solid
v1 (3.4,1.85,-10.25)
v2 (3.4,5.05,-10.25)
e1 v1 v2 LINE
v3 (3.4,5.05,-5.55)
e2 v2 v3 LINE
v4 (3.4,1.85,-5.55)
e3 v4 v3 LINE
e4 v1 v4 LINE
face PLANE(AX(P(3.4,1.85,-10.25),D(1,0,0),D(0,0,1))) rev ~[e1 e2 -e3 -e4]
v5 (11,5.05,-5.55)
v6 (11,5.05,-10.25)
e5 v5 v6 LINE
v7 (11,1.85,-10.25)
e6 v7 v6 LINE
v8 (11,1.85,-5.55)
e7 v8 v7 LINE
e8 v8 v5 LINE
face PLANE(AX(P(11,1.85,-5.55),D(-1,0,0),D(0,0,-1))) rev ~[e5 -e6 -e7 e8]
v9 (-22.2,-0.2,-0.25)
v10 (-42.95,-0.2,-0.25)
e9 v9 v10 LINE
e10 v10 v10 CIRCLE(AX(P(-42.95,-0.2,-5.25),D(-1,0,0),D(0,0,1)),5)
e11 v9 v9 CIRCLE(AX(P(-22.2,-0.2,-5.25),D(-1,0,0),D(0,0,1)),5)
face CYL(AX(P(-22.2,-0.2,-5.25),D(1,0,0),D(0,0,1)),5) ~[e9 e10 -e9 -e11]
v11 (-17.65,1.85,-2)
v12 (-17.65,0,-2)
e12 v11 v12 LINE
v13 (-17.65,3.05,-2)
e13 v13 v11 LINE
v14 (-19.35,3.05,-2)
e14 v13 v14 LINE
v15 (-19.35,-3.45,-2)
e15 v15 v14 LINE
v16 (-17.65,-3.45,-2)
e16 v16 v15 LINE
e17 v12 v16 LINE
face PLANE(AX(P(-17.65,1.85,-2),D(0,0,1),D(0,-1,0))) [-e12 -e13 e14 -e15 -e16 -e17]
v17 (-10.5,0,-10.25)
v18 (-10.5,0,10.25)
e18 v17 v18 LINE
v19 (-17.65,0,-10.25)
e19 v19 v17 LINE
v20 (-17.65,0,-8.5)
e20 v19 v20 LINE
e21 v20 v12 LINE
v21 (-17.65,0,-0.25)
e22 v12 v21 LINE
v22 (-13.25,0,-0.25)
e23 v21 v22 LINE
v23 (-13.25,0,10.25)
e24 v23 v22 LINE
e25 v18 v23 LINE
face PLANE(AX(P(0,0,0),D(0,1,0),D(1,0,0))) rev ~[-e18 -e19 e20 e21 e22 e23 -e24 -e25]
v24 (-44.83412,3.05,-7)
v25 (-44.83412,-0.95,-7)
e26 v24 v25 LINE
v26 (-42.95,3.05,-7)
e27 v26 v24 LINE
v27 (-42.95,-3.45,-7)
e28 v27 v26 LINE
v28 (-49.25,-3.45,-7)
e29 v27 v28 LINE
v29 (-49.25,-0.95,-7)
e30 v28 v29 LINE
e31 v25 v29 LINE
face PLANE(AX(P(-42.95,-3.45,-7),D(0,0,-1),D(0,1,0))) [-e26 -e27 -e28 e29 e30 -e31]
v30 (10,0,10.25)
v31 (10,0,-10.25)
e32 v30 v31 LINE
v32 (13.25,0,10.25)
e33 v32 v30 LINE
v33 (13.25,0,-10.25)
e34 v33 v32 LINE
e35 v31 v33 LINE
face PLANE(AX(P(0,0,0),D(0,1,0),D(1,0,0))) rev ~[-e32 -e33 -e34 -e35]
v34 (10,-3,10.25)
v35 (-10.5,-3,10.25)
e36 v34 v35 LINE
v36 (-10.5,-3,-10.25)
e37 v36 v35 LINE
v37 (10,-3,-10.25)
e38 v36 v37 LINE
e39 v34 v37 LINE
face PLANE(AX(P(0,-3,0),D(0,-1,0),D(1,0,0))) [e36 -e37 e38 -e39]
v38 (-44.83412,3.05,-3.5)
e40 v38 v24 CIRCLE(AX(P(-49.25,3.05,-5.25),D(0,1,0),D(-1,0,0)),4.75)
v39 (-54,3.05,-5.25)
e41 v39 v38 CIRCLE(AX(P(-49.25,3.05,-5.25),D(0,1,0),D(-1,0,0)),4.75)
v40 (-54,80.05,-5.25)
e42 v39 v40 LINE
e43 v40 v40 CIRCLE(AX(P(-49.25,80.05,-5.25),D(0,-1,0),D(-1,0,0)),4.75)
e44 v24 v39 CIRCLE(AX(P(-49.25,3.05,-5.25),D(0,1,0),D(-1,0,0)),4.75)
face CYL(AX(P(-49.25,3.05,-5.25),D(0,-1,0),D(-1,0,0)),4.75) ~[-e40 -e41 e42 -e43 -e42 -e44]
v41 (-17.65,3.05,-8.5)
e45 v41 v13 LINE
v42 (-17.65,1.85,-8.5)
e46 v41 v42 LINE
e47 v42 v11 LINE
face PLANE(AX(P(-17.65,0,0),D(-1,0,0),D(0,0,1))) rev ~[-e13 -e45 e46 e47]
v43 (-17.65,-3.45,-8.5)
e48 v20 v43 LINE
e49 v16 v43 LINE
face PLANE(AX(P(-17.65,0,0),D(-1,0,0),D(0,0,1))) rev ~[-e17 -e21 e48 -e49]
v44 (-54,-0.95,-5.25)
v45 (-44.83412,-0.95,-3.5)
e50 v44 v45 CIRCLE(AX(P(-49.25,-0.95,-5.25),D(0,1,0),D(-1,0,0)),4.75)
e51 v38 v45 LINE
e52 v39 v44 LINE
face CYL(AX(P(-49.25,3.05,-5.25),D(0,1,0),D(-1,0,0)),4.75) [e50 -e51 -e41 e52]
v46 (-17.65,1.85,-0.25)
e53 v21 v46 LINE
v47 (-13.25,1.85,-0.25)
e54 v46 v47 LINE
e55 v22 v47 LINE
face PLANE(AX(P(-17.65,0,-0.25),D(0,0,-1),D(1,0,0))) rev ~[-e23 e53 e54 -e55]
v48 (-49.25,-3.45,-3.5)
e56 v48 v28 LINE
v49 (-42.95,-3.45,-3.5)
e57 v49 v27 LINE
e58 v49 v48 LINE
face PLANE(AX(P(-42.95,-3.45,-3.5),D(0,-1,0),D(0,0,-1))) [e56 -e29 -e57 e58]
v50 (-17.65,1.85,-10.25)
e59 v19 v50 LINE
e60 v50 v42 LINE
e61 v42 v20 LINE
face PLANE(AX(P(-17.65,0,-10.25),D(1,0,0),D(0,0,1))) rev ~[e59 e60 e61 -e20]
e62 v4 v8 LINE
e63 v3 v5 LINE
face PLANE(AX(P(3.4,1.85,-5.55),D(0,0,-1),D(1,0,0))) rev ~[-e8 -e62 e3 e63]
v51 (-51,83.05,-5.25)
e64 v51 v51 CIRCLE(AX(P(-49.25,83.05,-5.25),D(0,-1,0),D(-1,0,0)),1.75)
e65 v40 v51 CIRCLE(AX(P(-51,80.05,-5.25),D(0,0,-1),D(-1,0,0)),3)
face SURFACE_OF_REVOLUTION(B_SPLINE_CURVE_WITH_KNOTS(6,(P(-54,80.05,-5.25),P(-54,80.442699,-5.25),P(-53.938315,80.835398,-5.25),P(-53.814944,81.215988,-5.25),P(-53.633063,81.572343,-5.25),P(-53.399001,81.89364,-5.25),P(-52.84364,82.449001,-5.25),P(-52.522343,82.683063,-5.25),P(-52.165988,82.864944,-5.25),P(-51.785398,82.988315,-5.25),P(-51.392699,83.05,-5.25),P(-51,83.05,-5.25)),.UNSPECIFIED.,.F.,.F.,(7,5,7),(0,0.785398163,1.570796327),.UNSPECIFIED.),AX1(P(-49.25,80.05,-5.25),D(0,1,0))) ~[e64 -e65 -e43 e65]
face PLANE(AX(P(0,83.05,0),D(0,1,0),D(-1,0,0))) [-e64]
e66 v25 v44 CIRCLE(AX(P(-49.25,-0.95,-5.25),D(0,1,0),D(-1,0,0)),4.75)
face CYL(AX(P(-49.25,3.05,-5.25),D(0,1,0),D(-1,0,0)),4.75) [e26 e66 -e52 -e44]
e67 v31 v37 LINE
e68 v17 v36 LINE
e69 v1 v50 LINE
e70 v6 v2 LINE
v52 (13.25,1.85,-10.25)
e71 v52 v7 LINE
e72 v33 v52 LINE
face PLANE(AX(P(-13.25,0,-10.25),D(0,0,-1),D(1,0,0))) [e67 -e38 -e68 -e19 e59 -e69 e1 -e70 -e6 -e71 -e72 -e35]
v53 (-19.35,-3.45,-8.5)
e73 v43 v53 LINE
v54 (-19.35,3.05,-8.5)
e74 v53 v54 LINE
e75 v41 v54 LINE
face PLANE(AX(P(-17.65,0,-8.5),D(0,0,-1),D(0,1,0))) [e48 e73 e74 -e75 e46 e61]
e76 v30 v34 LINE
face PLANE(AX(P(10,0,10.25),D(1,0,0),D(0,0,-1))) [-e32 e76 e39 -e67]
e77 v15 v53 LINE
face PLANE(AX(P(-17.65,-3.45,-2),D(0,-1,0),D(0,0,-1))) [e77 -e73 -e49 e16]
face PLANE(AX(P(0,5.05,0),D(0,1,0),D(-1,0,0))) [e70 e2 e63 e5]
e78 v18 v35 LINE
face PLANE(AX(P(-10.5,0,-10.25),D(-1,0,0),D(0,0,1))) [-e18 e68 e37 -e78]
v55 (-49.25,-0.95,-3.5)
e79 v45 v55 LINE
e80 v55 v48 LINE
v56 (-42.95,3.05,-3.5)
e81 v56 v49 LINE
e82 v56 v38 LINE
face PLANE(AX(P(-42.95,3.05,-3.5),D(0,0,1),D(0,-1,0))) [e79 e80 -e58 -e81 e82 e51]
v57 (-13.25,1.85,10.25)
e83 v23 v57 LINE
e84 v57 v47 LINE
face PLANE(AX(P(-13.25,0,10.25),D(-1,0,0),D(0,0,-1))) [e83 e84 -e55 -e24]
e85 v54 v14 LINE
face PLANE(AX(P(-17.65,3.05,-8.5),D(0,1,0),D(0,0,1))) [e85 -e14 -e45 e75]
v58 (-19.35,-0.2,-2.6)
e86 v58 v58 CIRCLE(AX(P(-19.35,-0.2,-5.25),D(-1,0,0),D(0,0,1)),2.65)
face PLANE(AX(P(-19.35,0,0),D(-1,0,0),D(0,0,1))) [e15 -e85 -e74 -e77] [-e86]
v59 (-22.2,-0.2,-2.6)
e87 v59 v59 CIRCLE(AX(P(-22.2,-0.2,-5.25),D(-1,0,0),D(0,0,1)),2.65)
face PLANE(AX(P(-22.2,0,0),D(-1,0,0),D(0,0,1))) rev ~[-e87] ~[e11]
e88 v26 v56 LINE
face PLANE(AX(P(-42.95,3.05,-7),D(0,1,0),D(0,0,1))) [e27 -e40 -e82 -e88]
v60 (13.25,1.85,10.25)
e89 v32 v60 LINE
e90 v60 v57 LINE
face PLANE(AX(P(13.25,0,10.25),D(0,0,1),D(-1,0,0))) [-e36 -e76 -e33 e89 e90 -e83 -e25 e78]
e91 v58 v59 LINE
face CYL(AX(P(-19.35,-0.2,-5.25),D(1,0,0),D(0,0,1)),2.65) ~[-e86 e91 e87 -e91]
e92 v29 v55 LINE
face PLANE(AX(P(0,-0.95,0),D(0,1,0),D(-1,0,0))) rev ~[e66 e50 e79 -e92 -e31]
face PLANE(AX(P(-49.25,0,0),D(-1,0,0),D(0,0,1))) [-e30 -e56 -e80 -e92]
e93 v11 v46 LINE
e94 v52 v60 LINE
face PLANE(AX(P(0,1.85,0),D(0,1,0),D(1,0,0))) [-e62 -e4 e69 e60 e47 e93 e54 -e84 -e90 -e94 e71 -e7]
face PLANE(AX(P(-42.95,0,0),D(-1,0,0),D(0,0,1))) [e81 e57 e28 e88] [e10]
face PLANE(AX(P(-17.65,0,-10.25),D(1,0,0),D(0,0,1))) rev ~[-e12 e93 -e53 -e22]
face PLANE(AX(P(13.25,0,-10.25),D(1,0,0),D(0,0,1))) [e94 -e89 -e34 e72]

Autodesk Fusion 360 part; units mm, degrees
sketch "Sketch1" plane through (0, 0, 0) normal (0, 1, 0) x (1, 0, 0)
  line L0 (13.25, -10.25) -> (-13.25, -10.25)
  line L1 (-13.25, -10.25) -> (-13.25, 10.25)
  line L2 (-13.25, 10.25) -> (13.25, 10.25)
  line L3 (13.25, 10.25) -> (13.25, -10.25)
  line L4 (13.25, -10.25) -> (-13.25, 10.25) construction
  line L5 (-13.25, -10.25) -> (13.25, 10.25) construction
  line L6 (-13.25, 10.25) -> (-17.65, 10.25)
  line L7 (-17.65, 10.25) -> (-17.65, 0.25)
  line L8 (-17.65, 0.25) -> (-13.25, 0.25)
  dimension "d1" = 26.5
  dimension "d2" = 20.5
  dimension "d3" = 10
  dimension "d4" = 4.4
extrude "Extrude1" add sketch "Sketch1" along normal blind 1.85
sketch "Sketch2" plane through (0, 1.85, 0) normal (0, 1, 0) x (-1, 0, 0)
  line L0 (-13.25, -10.25) -> (17.65, -10.25)
  line L1 (17.65, -10.25) -> (17.65, -0.25)
  line L2 (17.65, -0.25) -> (13.25, -0.25)
  line L3 (13.25, -0.25) -> (13.25, 10.25)
  line L4 (13.25, 10.25) -> (-13.25, 10.25)
  line L5 (-13.25, 10.25) -> (-13.25, -10.25)
  line L6 (-11, -10.25) -> (-3.4, -10.25)
  line L7 (-3.4, -10.25) -> (-3.4, -5.55)
  line L8 (-3.4, -5.55) -> (-11, -5.55)
  line L9 (-11, -5.55) -> (-11, -10.25)
  dimension "d7" = 7.6
  dimension "d8" = 4.7
  dimension "d9" = 2.25
extrude "Extrude2" add sketch "Sketch2" along normal blind 3.2 contours L0 L6 L7 L8 L9
sketch "Sketch3" plane through (0, 0, 0) normal (0, -1, 0) x (1, 0, 0)
  line L0 (-17.65, -10.25) -> (13.25, -10.25)
  line L1 (13.25, -10.25) -> (13.25, 10.25)
  line L2 (13.25, 10.25) -> (-13.25, 10.25)
  line L3 (-13.25, 10.25) -> (-13.25, -0.25)
  line L4 (-13.25, -0.25) -> (-17.65, -0.25)
  line L5 (-17.65, -0.25) -> (-17.65, -10.25)
  line L6 (-10.5, 10.25) -> (10, 10.25)
  line L7 (10, 10.25) -> (10, -10.25)
  line L8 (10, -10.25) -> (-10.5, -10.25)
  line L9 (-10.5, -10.25) -> (-10.5, 10.25)
  dimension "d12" = 20.5
  dimension "d13" = 3.25
extrude "Extrude3" add sketch "Sketch3" along normal blind 3 contours L0 L2 L6 L7 L8 L9
sketch "Sketch4" plane through (-17.65, 0, 0) normal (-1, 0, 0) x (0, 0, 1)
  line L0 (-10.25, 0) -> (-0.25, 0)
  line L1 (-0.25, 0) -> (-0.25, 1.85)
  line L2 (-0.25, 1.85) -> (-10.25, 1.85)
  line L3 (-10.25, 1.85) -> (-10.25, 0)
  line L4 (-8.5, 3.05) -> (-2, 3.05)
  line L5 (-2, 3.05) -> (-2, -3.45)
  line L6 (-2, -3.45) -> (-8.5, -3.45)
  line L7 (-8.5, -3.45) -> (-8.5, 3.05)
  dimension "d16" = 6.5
  dimension "d17" = 6.5
  dimension "d18" = 1.2
  dimension "d19" = 1.75
extrude "Extrude4" add sketch "Sketch4" along normal blind 1.7 contours L0 L2 L5 L7 | L0 L5 L6 L7 | L2 L4 L5 L7
sketch "Sketch5" plane through (-19.35, 0, 0) normal (-1, 0, 0) x (0, 0, 1)
  line L0 (-8.5, -3.45) -> (-2, -3.45)
  line L1 (-2, -3.45) -> (-2, 3.05)
  line L2 (-2, 3.05) -> (-8.5, 3.05)
  line L3 (-8.5, 3.05) -> (-8.5, -3.45)
  circle A0 centre (-5.25, -0.2) radius 2.65
  line L4 (-5.25, -0.2) -> (-5.25, 3.05) construction
  line L5 (-5.25, -0.2) -> (-5.25, -3.45) construction
  dimension "d22" = 5.3
extrude "Extrude5" add sketch "Sketch5" along normal blind 2.85 contours A0
sketch "Sketch6" plane through (-22.2, 0, 0) normal (-1, 0, 0) x (0, 0, 1)
  circle A0 centre (-5.25, -0.2) radius 2.65
  circle A1 centre (-5.25, -0.2) radius 5
  dimension "d25" = 10
extrude "Extrude6" add sketch "Sketch6" along normal blind 20.75 contours A0 | A1
sketch "Sketch7" plane through (-42.95, 0, 0) normal (-1, 0, 0) x (0, 0, 1)
  circle A0 centre (-5.25, -0.2) radius 5
  line L0 (-3.5, -3.45) -> (-7, -3.45)
  line L1 (-7, -3.45) -> (-7, 3.05)
  line L2 (-7, 3.05) -> (-3.5, 3.05)
  line L3 (-3.5, 3.05) -> (-3.5, -3.45)
  line L4 (-3.5, -3.45) -> (-7, 3.05) construction
  line L5 (-7, -3.45) -> (-3.5, 3.05) construction
  point P0 (-5.25, -0.2)
  dimension "d28" = 6.5
  dimension "d29" = 3.5
extrude "Extrude7" add sketch "Sketch7" along normal blind 6.3 contours L0 L1 L2 L3
sketch "Sketch8" plane through (0, 3.05, 0) normal (0, 1, 0) x (-1, 0, 0)
  line L0 (42.95, -3.5) -> (42.95, -7)
  line L1 (42.95, -7) -> (49.25, -7)
  line L2 (49.25, -7) -> (49.25, -3.5)
  line L3 (49.25, -3.5) -> (42.95, -3.5)
  circle A0 centre (49.25, -5.25) radius 4.75
  dimension "d32" = 9.5
extrude "Extrude8" add sketch "Sketch8" along normal blind 80 contours L1 L2 L3 A0 | L1 L2 L3 A0
extrude "Extrude9" add 1 faces at (-50.8333, 3.05, -5.25) along direction (0, -1, 0) blind 4
fillet "Fillet1" radius 3 1 edges at (-44.8214, 83.05, -6.9677)
